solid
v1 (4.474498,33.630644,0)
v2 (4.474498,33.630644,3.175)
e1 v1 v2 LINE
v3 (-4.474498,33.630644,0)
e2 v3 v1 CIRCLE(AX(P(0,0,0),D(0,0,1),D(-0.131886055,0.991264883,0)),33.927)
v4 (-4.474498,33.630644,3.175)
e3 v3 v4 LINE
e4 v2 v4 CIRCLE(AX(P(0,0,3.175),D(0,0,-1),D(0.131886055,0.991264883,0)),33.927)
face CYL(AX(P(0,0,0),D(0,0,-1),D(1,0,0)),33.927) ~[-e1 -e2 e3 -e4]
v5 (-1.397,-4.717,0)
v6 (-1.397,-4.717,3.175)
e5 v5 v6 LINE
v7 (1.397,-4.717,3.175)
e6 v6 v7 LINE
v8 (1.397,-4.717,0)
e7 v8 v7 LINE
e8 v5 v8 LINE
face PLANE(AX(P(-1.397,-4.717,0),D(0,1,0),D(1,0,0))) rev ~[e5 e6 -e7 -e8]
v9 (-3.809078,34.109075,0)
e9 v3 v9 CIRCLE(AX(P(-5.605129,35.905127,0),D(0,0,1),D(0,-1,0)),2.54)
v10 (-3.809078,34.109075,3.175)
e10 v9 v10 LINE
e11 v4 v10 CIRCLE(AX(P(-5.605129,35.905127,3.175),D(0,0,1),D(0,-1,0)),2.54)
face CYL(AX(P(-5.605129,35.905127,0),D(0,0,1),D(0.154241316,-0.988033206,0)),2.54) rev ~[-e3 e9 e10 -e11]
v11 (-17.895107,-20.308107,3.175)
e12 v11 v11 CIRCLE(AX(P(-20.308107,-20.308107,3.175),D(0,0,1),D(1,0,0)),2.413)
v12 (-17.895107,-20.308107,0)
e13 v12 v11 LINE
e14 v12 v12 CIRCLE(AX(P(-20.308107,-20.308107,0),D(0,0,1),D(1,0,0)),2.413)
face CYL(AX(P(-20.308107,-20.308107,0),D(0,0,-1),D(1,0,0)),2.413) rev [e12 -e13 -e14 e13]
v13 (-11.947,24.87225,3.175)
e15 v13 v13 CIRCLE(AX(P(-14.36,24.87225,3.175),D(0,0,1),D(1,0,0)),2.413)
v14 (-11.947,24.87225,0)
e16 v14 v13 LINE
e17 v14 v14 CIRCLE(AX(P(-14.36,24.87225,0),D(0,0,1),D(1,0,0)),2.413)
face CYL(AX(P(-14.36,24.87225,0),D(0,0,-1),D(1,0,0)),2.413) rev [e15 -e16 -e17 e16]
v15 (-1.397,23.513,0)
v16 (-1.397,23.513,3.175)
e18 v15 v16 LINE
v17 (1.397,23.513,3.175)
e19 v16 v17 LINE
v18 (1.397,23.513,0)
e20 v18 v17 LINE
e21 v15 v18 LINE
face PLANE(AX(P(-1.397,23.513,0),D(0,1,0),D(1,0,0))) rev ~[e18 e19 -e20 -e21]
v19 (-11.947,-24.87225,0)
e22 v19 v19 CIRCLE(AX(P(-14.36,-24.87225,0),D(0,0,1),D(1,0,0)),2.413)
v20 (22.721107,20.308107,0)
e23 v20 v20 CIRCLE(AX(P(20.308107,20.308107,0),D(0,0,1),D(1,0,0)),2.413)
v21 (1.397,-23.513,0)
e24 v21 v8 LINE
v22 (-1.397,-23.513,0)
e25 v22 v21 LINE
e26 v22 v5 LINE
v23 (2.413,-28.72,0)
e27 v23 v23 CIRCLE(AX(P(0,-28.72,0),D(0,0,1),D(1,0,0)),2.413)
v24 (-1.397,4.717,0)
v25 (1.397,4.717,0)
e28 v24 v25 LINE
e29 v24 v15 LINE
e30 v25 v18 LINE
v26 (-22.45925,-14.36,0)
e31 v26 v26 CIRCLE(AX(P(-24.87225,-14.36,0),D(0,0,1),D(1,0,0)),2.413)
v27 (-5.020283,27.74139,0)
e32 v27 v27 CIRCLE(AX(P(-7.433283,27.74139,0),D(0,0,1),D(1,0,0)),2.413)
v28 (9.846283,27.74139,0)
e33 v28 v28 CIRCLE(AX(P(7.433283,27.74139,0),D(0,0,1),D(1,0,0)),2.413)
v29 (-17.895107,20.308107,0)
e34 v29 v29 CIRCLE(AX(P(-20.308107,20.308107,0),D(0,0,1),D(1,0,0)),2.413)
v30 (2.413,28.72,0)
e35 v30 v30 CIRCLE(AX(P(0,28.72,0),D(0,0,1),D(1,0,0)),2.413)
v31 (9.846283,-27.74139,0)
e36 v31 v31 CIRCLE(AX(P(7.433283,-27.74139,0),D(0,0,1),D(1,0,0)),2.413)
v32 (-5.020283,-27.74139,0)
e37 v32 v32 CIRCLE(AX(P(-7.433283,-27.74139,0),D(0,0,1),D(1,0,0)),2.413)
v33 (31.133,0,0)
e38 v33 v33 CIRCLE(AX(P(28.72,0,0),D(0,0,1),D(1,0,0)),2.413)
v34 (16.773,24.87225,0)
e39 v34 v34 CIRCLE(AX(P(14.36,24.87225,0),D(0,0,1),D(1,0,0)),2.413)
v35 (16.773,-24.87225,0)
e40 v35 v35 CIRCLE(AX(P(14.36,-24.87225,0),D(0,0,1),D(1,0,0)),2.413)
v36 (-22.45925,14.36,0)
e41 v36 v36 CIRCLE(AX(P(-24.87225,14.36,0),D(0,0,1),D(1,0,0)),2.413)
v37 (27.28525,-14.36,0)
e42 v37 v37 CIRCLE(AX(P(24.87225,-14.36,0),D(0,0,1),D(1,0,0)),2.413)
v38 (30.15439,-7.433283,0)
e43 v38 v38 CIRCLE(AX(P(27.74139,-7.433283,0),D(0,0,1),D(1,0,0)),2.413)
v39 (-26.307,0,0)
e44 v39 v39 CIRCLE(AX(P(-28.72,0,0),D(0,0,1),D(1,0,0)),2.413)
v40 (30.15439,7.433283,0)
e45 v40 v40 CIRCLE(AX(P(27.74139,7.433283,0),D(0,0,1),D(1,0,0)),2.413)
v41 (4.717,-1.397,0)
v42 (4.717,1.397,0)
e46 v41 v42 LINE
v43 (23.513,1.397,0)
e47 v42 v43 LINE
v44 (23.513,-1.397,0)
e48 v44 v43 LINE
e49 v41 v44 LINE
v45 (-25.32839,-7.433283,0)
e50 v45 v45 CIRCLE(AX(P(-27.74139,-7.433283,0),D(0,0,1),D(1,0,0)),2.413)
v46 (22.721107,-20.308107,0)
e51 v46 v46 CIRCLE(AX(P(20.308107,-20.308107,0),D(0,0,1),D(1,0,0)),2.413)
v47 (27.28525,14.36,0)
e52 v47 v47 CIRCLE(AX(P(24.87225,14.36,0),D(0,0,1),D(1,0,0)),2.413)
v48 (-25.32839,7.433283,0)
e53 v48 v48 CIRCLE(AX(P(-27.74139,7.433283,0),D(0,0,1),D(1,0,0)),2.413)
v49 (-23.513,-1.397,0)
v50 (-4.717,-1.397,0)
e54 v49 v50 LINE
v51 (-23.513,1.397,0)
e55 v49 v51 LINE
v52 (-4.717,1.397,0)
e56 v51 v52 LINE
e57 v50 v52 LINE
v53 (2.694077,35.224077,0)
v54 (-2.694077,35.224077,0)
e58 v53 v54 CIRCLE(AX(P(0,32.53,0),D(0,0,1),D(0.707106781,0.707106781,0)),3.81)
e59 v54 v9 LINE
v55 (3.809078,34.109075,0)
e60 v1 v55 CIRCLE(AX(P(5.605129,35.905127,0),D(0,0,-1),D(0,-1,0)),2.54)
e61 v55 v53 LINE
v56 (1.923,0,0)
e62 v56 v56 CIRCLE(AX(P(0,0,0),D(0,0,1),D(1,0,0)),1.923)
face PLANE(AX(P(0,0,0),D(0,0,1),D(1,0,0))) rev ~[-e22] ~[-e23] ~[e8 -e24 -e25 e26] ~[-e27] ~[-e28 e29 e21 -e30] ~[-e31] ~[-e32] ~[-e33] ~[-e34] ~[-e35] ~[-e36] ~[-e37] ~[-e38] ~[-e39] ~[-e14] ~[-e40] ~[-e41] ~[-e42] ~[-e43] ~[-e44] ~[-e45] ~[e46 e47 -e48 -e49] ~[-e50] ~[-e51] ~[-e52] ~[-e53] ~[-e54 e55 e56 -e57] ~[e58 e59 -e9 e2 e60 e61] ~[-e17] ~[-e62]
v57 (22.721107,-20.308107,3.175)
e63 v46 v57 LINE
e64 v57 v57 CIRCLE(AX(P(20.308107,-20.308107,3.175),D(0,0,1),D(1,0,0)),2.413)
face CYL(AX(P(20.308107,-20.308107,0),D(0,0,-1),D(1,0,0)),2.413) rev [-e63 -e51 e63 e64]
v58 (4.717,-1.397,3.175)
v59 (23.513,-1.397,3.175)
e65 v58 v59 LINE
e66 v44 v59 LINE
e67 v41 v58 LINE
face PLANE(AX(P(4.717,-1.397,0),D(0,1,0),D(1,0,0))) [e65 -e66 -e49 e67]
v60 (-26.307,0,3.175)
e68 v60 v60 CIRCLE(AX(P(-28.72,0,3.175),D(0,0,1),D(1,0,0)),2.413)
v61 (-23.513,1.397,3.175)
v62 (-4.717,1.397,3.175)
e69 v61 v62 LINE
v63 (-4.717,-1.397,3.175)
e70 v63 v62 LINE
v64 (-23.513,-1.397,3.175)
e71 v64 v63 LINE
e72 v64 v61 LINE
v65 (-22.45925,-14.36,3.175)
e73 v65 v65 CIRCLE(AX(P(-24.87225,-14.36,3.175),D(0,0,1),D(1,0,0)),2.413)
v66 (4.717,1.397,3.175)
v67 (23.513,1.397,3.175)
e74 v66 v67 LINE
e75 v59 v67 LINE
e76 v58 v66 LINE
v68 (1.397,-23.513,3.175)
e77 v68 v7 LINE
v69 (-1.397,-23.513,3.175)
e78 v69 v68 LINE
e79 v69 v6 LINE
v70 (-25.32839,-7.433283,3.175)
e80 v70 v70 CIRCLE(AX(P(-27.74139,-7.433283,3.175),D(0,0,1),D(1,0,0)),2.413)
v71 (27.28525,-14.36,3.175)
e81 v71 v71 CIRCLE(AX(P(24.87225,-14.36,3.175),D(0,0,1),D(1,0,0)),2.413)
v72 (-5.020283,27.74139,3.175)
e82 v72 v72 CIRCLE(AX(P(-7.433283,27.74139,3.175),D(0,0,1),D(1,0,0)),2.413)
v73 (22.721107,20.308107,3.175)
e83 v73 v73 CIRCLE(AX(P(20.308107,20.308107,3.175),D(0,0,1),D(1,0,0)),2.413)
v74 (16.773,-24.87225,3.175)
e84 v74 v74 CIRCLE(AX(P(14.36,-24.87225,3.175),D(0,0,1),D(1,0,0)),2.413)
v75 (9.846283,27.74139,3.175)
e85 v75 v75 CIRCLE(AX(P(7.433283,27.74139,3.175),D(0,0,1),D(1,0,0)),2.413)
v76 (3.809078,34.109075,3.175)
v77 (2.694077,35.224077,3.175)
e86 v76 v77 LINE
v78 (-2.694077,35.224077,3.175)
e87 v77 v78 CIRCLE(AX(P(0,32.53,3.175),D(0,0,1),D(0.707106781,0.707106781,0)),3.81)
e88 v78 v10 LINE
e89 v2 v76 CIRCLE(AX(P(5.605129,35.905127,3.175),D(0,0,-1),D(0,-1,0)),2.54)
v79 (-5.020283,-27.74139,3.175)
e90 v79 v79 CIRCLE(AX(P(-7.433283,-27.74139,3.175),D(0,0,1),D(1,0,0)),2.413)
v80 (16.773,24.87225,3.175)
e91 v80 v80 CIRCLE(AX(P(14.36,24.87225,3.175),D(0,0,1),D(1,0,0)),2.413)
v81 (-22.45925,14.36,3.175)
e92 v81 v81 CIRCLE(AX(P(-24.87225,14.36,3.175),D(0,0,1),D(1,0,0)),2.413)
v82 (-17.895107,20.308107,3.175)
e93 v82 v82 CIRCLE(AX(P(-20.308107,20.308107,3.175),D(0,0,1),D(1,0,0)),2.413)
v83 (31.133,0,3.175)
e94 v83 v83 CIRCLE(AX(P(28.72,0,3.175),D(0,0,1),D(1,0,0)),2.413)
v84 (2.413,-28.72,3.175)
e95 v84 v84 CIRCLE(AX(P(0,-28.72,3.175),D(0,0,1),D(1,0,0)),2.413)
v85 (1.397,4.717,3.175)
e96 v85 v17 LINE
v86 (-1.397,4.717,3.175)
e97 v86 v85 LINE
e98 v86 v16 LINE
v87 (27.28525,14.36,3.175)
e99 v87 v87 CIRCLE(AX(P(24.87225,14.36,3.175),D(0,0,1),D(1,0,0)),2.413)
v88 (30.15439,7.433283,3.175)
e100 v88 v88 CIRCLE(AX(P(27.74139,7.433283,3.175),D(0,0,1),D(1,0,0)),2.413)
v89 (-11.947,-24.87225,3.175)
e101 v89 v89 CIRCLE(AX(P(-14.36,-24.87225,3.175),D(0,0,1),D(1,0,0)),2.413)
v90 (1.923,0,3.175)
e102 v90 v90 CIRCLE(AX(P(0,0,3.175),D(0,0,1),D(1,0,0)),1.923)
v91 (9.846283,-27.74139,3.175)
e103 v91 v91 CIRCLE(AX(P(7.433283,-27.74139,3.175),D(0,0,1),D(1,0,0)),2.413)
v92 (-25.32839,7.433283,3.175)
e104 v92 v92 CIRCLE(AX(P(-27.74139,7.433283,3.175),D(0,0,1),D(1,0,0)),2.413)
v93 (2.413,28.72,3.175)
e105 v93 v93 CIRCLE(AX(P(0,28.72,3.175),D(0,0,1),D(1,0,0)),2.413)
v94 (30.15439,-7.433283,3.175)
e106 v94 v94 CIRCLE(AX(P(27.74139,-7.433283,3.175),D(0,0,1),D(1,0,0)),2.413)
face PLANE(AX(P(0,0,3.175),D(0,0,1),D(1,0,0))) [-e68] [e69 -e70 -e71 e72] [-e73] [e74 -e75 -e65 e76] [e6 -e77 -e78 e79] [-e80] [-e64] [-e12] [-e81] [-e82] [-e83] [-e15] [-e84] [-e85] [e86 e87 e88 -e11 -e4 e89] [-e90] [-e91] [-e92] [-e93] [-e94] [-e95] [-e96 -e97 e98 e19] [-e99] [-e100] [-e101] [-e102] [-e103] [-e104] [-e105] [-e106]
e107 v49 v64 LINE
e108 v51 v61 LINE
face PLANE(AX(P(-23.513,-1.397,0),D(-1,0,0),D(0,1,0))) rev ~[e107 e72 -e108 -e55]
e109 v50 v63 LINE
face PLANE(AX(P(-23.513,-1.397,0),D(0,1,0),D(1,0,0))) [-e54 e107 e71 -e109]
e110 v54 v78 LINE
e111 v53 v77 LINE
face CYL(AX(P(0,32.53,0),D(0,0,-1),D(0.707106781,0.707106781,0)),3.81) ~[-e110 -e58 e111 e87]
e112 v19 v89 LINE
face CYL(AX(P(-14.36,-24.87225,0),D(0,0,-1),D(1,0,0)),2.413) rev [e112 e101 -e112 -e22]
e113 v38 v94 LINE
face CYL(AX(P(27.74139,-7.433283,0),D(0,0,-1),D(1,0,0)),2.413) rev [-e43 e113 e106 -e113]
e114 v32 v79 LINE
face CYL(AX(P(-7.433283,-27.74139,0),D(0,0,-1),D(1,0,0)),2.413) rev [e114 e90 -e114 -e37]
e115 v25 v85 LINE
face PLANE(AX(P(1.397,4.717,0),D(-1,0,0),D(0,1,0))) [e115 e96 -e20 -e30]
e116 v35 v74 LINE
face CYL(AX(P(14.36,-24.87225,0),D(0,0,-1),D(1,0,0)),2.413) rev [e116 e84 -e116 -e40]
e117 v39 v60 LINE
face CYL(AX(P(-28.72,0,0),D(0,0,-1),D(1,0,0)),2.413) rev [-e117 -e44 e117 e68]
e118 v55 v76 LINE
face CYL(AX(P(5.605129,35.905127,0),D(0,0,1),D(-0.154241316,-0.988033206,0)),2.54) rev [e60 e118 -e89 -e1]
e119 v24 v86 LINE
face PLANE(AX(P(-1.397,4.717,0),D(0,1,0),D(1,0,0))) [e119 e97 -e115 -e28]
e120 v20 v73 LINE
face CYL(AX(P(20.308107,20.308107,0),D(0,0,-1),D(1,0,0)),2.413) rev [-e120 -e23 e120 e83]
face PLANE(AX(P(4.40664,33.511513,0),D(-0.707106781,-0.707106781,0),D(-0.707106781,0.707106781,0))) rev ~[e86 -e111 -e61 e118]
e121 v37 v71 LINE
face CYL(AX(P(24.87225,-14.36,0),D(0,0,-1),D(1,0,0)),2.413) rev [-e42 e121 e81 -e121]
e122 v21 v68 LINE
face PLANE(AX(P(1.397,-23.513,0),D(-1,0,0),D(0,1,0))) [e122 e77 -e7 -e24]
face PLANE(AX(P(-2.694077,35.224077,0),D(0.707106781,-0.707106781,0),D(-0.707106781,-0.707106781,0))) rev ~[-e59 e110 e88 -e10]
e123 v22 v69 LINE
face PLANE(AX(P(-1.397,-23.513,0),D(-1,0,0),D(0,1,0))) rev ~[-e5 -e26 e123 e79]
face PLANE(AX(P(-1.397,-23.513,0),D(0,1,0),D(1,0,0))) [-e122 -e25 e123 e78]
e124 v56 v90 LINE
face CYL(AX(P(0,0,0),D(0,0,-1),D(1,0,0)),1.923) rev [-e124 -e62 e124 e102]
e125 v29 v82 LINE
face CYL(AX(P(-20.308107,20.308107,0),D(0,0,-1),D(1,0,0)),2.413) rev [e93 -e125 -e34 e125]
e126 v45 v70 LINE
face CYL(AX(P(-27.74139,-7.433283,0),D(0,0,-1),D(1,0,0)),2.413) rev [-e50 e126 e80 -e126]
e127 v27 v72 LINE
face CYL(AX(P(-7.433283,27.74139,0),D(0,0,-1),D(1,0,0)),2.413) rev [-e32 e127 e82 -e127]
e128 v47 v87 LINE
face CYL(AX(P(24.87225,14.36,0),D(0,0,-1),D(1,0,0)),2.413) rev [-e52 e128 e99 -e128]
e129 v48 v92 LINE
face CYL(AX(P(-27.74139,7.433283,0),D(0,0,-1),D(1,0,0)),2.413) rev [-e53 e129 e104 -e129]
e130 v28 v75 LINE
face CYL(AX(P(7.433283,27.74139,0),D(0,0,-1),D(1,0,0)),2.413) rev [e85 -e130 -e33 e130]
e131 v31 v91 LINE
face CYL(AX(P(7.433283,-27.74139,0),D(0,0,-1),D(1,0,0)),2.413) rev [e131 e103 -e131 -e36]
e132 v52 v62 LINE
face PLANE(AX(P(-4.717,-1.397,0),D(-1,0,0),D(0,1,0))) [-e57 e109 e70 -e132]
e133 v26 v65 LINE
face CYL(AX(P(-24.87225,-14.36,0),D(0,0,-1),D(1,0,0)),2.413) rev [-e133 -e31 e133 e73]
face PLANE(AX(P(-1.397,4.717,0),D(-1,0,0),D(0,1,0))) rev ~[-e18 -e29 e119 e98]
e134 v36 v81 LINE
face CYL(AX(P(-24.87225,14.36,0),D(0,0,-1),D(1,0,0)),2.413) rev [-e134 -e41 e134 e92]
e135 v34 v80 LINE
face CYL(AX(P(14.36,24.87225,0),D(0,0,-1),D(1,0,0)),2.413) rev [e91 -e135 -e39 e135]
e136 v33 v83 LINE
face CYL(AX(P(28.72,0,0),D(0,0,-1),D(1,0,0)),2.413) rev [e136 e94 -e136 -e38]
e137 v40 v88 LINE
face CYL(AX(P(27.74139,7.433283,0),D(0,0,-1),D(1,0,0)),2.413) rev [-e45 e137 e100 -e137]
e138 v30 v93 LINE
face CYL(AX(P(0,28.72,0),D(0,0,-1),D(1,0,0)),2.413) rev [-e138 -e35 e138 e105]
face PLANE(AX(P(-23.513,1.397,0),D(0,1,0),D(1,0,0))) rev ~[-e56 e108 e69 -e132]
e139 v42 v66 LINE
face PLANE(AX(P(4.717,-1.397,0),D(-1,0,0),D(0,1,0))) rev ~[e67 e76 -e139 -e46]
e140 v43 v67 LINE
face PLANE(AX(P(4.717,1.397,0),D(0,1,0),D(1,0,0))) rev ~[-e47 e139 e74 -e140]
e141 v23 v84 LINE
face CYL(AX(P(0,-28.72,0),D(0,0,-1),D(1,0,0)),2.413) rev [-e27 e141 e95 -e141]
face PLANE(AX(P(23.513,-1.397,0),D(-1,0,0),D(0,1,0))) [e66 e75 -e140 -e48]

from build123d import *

# Parameters (mm, degrees)
SKETCH1_R             = 33.8
SKETCH1_R_2           = 2.54
SKETCH1_R_3           = 2.05
SKETCH1_W             = 3.048
SKETCH1_H             = 19.05
SKETCH1_W_2           = 19.05
SKETCH1_H_2           = 3.048
BOSS_EXTRUDE1_DEPTH   = 3.175
BOSS_EXTRUDE2_DEPTH   = 3.175
FILLET1_R             = 2.54
SKETCH4_R             = 33.927
SKETCH4_R_2           = 2.413
SKETCH4_R_3           = 1.923
SKETCH4_W             = 2.794
SKETCH4_H             = 18.796
SKETCH4_W_2           = 18.796
SKETCH4_H_2           = 2.794
KERF_ADJUSTMENT_DEPTH = 3.175


with BuildPart() as part:
    # Sketch1 → Boss-Extrude1 (new body)
    with BuildSketch(Plane.XY):
        Circle(SKETCH1_R)
        with Locations((14.36, 24.872249597)):
            Circle(SKETCH1_R_2, mode=Mode.SUBTRACT)
        with Locations((20.308106756, 20.308106756)):
            Circle(SKETCH1_R_2, mode=Mode.SUBTRACT)
        with Locations((24.872249597, 14.36)):
            Circle(SKETCH1_R_2, mode=Mode.SUBTRACT)
        with Locations((27.741389731, 7.433282975)):
            Circle(SKETCH1_R_2, mode=Mode.SUBTRACT)
        with Locations((28.72, 0)):
            Circle(SKETCH1_R_2, mode=Mode.SUBTRACT)
        with Locations((27.741389731, -7.433282975)):
            Circle(SKETCH1_R_2, mode=Mode.SUBTRACT)
        with Locations((24.872249597, -14.36)):
            Circle(SKETCH1_R_2, mode=Mode.SUBTRACT)
        with Locations((20.308106756, -20.308106756)):
            Circle(SKETCH1_R_2, mode=Mode.SUBTRACT)
        with Locations((14.36, -24.872249597)):
            Circle(SKETCH1_R_2, mode=Mode.SUBTRACT)
        with Locations((7.433282975, -27.741389731)):
            Circle(SKETCH1_R_2, mode=Mode.SUBTRACT)
        with Locations((0, -28.72)):
            Circle(SKETCH1_R_2, mode=Mode.SUBTRACT)
        with Locations((-7.433282975, -27.741389731)):
            Circle(SKETCH1_R_2, mode=Mode.SUBTRACT)
        with Locations((-14.36, -24.872249597)):
            Circle(SKETCH1_R_2, mode=Mode.SUBTRACT)
        with Locations((-20.308106756, -20.308106756)):
            Circle(SKETCH1_R_2, mode=Mode.SUBTRACT)
        with Locations((-24.872249597, -14.36)):
            Circle(SKETCH1_R_2, mode=Mode.SUBTRACT)
        with Locations((-27.741389731, -7.433282975)):
            Circle(SKETCH1_R_2, mode=Mode.SUBTRACT)
        with Locations((-28.72, 0)):
            Circle(SKETCH1_R_2, mode=Mode.SUBTRACT)
        with Locations((-27.741389731, 7.433282975)):
            Circle(SKETCH1_R_2, mode=Mode.SUBTRACT)
        with Locations((-24.872249597, 14.36)):
            Circle(SKETCH1_R_2, mode=Mode.SUBTRACT)
        with Locations((-20.308106756, 20.308106756)):
            Circle(SKETCH1_R_2, mode=Mode.SUBTRACT)
        with Locations((-14.36, 24.872249597)):
            Circle(SKETCH1_R_2, mode=Mode.SUBTRACT)
        with Locations((-7.433282975, 27.741389731)):
            Circle(SKETCH1_R_2, mode=Mode.SUBTRACT)
        with Locations((0, 28.72)):
            Circle(SKETCH1_R_2, mode=Mode.SUBTRACT)
        with Locations((7.433282975, 27.741389731)):
            Circle(SKETCH1_R_2, mode=Mode.SUBTRACT)
        Circle(SKETCH1_R_3, mode=Mode.SUBTRACT)
        with Locations((0, 14.115)):
            Rectangle(SKETCH1_W, SKETCH1_H, mode=Mode.SUBTRACT)
        with Locations((14.115, 0)):
            Rectangle(SKETCH1_W_2, SKETCH1_H_2, mode=Mode.SUBTRACT)
        with Locations((0, -14.115)):
            Rectangle(SKETCH1_W, SKETCH1_H, mode=Mode.SUBTRACT)
        with Locations((-14.115, 0)):
            Rectangle(SKETCH1_W_2, SKETCH1_H_2, mode=Mode.SUBTRACT)
    extrude(amount=BOSS_EXTRUDE1_DEPTH)

    # Sketch3 → Boss-Extrude2 (add)
    with BuildSketch(Plane.XY):
        with BuildLine():
            Line((-2.694076836, 35.224076836), (-4.406640425, 33.511513248))
            ThreePointArc((-4.406640425, 33.511513248), (0, 33.8), (4.406640425, 33.511513248))
            Line((4.406640425, 33.511513248), (2.694076836, 35.224076836))
            ThreePointArc((2.694076836, 35.224076836), (0, 36.34), (-2.694076836, 35.224076836))
        make_face()
    extrude(amount=BOSS_EXTRUDE2_DEPTH)

    # Fillet1
    fillet1_edges = [part.edges().sort_by_distance(p)[0] for p in [
        (-4.406640425, 33.511513248, 1.5875),
        (4.406640425, 33.511513248, 1.5875),
    ]]
    fillet(fillet1_edges, radius=FILLET1_R)

    # Sketch4 → Kerf Adjustment (add)
    with BuildSketch(Plane.XY):
        Circle(SKETCH4_R)
        with Locations((28.72, 0)):
            Circle(SKETCH4_R_2, mode=Mode.SUBTRACT)
        with Locations((27.741389731, 7.433282975)):
            Circle(SKETCH4_R_2, mode=Mode.SUBTRACT)
        with Locations((24.872249597, 14.36)):
            Circle(SKETCH4_R_2, mode=Mode.SUBTRACT)
        with Locations((20.308106756, 20.308106756)):
            Circle(SKETCH4_R_2, mode=Mode.SUBTRACT)
        with Locations((-14.36, -24.872249597)):
            Circle(SKETCH4_R_2, mode=Mode.SUBTRACT)
        with Locations((-7.433282975, -27.741389731)):
            Circle(SKETCH4_R_2, mode=Mode.SUBTRACT)
        with Locations((0, -28.72)):
            Circle(SKETCH4_R_2, mode=Mode.SUBTRACT)
        with Locations((7.433282975, -27.741389731)):
            Circle(SKETCH4_R_2, mode=Mode.SUBTRACT)
        with Locations((14.36, -24.872249597)):
            Circle(SKETCH4_R_2, mode=Mode.SUBTRACT)
        with Locations((20.308106756, -20.308106756)):
            Circle(SKETCH4_R_2, mode=Mode.SUBTRACT)
        with Locations((24.872249597, -14.36)):
            Circle(SKETCH4_R_2, mode=Mode.SUBTRACT)
        with Locations((27.741389731, -7.433282975)):
            Circle(SKETCH4_R_2, mode=Mode.SUBTRACT)
        with Locations((-14.36, 24.872249597)):
            Circle(SKETCH4_R_2, mode=Mode.SUBTRACT)
        with Locations((-20.308106756, 20.308106756)):
            Circle(SKETCH4_R_2, mode=Mode.SUBTRACT)
        with Locations((-24.872249597, 14.36)):
            Circle(SKETCH4_R_2, mode=Mode.SUBTRACT)
        with Locations((-27.741389731, 7.433282975)):
            Circle(SKETCH4_R_2, mode=Mode.SUBTRACT)
        with Locations((-28.72, 0)):
            Circle(SKETCH4_R_2, mode=Mode.SUBTRACT)
        with Locations((-27.741389731, -7.433282975)):
            Circle(SKETCH4_R_2, mode=Mode.SUBTRACT)
        with Locations((-24.872249597, -14.36)):
            Circle(SKETCH4_R_2, mode=Mode.SUBTRACT)
        with Locations((-20.308106756, -20.308106756)):
            Circle(SKETCH4_R_2, mode=Mode.SUBTRACT)
        Circle(SKETCH4_R_3, mode=Mode.SUBTRACT)
        with Locations((7.433282975, 27.741389731)):
            Circle(SKETCH4_R_2, mode=Mode.SUBTRACT)
        with Locations((0, 28.72)):
            Circle(SKETCH4_R_2, mode=Mode.SUBTRACT)
        with Locations((-7.433282975, 27.741389731)):
            Circle(SKETCH4_R_2, mode=Mode.SUBTRACT)
        with Locations((14.36, 24.872249597)):
            Circle(SKETCH4_R_2, mode=Mode.SUBTRACT)
        with Locations((0, -14.115)):
            Rectangle(SKETCH4_W, SKETCH4_H, mode=Mode.SUBTRACT)
        with Locations((14.115, 0)):
            Rectangle(SKETCH4_W_2, SKETCH4_H_2, mode=Mode.SUBTRACT)
        with Locations((0, 14.115)):
            Rectangle(SKETCH4_W, SKETCH4_H, mode=Mode.SUBTRACT)
        with Locations((-14.115, 0)):
            Rectangle(SKETCH4_W_2, SKETCH4_H_2, mode=Mode.SUBTRACT)
    extrude(amount=KERF_ADJUSTMENT_DEPTH)


solid = part.part
